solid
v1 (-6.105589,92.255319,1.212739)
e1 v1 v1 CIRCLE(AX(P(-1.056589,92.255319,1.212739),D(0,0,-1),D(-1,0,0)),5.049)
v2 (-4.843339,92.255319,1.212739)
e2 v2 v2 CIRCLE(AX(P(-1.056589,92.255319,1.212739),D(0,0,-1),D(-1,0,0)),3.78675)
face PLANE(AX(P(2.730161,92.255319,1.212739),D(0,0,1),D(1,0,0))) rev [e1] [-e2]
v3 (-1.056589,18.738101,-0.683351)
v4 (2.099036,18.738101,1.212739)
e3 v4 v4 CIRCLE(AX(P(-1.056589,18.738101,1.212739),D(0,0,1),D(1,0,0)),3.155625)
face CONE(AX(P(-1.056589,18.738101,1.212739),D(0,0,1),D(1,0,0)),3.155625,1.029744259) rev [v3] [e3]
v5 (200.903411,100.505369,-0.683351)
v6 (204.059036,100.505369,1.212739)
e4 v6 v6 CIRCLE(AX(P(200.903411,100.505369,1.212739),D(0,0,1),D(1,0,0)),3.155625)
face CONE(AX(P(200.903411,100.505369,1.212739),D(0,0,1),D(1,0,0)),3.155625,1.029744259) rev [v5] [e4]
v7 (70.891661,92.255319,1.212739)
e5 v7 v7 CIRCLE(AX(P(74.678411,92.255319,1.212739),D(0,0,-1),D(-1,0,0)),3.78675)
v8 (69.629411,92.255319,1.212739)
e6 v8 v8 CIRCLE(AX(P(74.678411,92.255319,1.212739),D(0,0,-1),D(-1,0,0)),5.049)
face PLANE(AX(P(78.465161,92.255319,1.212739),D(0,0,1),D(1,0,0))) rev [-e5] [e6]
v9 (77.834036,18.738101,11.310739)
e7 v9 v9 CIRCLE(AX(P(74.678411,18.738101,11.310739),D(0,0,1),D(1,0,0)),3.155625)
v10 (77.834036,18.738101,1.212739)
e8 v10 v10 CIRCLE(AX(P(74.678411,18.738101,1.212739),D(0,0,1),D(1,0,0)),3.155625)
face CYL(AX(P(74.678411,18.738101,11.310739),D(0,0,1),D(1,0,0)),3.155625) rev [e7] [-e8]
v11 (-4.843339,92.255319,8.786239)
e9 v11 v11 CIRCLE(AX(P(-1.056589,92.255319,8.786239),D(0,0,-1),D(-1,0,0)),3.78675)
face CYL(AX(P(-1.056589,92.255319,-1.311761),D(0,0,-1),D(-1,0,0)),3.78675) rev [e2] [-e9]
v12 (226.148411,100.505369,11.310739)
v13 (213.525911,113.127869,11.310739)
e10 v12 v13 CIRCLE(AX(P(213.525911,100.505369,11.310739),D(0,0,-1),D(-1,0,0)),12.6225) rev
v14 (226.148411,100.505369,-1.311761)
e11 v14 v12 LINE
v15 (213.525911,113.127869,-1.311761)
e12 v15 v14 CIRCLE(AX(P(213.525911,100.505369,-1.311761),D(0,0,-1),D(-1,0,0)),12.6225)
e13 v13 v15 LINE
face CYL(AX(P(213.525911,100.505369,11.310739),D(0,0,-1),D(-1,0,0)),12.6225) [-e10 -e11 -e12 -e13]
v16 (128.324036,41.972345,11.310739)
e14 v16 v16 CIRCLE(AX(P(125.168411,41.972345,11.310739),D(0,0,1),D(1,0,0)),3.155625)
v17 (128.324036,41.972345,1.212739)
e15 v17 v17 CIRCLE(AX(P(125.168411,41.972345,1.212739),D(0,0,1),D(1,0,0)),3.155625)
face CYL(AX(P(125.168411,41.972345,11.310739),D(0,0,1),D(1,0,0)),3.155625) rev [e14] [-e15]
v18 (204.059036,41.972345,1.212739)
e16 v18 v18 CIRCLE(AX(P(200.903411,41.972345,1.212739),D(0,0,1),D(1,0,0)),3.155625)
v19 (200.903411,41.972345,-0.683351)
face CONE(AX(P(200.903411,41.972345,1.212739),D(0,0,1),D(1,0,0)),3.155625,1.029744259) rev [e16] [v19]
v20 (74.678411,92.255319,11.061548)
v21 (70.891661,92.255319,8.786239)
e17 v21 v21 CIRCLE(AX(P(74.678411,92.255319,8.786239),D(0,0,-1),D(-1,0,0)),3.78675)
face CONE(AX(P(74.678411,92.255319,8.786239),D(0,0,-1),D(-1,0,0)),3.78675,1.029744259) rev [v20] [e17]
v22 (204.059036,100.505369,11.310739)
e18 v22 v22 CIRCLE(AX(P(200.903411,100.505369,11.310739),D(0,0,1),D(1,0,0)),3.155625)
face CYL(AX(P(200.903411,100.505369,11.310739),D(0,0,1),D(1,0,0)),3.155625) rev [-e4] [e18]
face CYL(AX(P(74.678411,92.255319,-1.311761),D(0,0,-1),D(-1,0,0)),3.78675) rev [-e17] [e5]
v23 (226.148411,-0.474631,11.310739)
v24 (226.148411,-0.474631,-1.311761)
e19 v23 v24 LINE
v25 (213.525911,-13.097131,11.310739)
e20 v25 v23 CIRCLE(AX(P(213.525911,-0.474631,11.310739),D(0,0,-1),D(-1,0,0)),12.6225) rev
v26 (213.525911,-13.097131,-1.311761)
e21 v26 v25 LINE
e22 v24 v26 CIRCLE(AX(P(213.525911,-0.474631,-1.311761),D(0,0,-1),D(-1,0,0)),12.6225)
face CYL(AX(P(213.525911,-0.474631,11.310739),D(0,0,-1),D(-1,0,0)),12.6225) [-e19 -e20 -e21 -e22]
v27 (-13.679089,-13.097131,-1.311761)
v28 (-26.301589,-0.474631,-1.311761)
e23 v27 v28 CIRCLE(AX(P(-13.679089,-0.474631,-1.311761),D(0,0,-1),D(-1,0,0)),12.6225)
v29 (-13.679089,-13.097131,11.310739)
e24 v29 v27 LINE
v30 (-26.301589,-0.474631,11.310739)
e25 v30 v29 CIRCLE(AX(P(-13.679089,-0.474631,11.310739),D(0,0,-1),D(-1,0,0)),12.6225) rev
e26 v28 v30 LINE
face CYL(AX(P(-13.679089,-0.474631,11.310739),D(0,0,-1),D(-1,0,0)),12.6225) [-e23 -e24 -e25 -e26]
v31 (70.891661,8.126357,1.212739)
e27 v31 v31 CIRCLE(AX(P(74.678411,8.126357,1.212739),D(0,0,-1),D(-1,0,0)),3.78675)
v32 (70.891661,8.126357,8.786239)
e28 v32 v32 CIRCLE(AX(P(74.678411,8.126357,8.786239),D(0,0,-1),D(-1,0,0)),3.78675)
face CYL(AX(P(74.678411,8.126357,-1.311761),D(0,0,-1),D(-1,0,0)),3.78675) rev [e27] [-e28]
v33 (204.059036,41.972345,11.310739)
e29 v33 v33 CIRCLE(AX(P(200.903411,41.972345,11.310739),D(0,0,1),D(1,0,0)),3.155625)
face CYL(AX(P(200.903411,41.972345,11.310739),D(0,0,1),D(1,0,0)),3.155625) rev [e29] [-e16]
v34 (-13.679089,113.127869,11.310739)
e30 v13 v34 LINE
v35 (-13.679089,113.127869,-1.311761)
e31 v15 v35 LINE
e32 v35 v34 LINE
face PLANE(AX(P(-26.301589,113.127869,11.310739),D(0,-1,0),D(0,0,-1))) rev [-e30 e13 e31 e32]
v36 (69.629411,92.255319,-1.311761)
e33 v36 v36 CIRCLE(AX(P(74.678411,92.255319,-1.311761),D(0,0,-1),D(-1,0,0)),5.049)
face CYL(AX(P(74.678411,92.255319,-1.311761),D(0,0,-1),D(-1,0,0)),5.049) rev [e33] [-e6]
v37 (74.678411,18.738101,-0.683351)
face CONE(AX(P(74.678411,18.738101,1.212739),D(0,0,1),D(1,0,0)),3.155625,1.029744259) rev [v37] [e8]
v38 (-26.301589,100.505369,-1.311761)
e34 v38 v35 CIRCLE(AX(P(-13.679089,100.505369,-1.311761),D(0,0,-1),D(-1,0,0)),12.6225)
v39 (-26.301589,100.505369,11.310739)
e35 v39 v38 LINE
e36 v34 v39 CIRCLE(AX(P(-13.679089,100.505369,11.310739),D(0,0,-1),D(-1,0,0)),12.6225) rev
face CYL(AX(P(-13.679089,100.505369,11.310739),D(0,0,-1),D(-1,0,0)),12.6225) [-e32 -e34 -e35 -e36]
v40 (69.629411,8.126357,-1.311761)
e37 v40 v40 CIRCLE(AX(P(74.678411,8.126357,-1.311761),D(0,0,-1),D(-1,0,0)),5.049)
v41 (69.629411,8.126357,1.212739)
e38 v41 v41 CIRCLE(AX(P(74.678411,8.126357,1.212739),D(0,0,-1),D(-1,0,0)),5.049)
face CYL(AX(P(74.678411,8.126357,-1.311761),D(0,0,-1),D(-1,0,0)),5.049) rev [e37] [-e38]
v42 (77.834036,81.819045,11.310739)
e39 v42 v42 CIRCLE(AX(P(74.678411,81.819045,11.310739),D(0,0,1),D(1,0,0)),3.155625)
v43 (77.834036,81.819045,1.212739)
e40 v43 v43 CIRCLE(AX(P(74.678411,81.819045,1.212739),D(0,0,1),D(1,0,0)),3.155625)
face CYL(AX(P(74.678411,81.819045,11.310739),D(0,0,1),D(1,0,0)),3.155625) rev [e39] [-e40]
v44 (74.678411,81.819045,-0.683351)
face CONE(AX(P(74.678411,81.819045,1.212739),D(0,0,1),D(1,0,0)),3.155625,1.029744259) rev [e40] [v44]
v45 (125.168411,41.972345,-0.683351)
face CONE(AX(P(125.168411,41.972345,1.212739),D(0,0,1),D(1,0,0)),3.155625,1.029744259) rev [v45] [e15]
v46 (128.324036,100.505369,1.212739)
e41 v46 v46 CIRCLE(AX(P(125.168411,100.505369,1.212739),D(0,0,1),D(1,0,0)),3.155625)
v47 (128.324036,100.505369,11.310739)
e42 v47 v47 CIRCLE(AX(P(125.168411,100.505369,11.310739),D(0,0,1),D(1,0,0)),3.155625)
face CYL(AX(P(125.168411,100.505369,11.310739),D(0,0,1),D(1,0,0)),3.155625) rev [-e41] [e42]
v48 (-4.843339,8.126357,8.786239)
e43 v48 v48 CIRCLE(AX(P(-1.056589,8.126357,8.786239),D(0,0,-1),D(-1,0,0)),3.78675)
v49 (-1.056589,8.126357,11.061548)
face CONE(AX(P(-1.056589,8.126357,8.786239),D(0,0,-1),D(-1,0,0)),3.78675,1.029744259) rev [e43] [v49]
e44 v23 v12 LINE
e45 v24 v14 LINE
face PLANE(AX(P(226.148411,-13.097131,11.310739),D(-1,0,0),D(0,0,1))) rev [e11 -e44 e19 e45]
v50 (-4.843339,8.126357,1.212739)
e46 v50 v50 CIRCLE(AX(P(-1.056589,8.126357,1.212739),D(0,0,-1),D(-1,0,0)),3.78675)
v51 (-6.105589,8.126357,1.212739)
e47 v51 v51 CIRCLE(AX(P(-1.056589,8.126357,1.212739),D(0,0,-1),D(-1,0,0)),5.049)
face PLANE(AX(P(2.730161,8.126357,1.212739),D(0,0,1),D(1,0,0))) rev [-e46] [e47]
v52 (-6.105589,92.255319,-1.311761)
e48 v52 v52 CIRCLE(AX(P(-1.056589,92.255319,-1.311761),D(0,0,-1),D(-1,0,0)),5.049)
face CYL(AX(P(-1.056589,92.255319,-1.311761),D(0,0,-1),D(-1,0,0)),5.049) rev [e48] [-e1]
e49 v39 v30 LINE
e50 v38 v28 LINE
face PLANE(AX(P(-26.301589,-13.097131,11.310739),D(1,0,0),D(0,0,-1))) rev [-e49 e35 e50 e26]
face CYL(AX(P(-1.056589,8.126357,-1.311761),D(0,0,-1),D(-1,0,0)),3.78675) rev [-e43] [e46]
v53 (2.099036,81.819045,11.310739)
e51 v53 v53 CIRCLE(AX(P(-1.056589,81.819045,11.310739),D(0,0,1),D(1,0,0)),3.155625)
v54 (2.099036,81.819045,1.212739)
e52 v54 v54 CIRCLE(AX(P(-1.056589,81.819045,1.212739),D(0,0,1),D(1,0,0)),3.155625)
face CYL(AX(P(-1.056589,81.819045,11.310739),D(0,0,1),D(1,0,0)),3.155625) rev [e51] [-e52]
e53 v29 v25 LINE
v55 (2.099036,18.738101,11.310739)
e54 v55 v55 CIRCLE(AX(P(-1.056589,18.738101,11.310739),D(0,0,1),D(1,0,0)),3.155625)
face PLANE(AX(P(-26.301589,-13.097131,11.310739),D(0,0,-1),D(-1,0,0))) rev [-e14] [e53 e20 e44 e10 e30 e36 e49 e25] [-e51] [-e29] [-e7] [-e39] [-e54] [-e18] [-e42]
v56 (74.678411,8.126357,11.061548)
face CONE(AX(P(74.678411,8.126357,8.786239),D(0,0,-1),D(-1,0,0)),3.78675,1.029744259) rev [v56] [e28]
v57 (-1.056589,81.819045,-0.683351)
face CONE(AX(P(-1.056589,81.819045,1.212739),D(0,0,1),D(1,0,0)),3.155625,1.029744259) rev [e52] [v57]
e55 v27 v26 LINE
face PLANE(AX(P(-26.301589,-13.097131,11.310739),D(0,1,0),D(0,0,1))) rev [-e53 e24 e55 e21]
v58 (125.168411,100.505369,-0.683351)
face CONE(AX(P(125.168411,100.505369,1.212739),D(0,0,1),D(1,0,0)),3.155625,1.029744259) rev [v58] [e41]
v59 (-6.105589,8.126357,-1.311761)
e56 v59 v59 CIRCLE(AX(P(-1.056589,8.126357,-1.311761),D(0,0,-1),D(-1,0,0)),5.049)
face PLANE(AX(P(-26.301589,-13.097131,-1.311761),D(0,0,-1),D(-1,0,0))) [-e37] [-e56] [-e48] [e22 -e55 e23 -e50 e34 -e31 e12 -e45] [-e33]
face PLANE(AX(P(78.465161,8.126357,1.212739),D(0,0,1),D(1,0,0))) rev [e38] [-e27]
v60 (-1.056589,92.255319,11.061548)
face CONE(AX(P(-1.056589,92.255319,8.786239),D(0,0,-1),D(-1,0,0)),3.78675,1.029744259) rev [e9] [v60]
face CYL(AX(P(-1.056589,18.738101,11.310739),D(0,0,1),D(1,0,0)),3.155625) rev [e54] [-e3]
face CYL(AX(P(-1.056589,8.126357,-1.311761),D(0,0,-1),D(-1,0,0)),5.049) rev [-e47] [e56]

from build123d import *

# Parameters (mm, degrees)
SKETCH4_W                                     = 200
SKETCH4_H                                     = 100
BOSS_EXTRUDE1_DEPTH                           = 10
CBORE_FOR_M6_HEX_HEAD_CAP_SCREW7_D            = 6
CBORE_FOR_M6_HEX_HEAD_CAP_SCREW7_DEPTH        = 8
CBORE_FOR_M6_HEX_HEAD_CAP_SCREW7_CBORE_D      = 8
CBORE_FOR_M6_HEX_HEAD_CAP_SCREW7_CBORE_DEPTH  = 2
CBORE_FOR_M6_HEX_HEAD_CAP_SCREW7_TIP          = 1.802581857
CBORE_FOR_M6_HEX_HEAD_CAP_SCREW8_D            = 6
CBORE_FOR_M6_HEX_HEAD_CAP_SCREW8_DEPTH        = 8
CBORE_FOR_M6_HEX_HEAD_CAP_SCREW8_CBORE_D      = 8
CBORE_FOR_M6_HEX_HEAD_CAP_SCREW8_CBORE_DEPTH  = 2
CBORE_FOR_M6_HEX_HEAD_CAP_SCREW8_TIP          = 1.802581857
CBORE_FOR_M6_HEX_HEAD_CAP_SCREW9_D            = 6
CBORE_FOR_M6_HEX_HEAD_CAP_SCREW9_DEPTH        = 8
CBORE_FOR_M6_HEX_HEAD_CAP_SCREW9_CBORE_D      = 8
CBORE_FOR_M6_HEX_HEAD_CAP_SCREW9_CBORE_DEPTH  = 2
CBORE_FOR_M6_HEX_HEAD_CAP_SCREW9_TIP          = 1.802581857
CBORE_FOR_M6_HEX_HEAD_CAP_SCREW10_D           = 6
CBORE_FOR_M6_HEX_HEAD_CAP_SCREW10_DEPTH       = 8
CBORE_FOR_M6_HEX_HEAD_CAP_SCREW10_CBORE_D     = 8
CBORE_FOR_M6_HEX_HEAD_CAP_SCREW10_CBORE_DEPTH = 2
CBORE_FOR_M6_HEX_HEAD_CAP_SCREW10_TIP         = 1.802581857
F_1_0_1_DIAMETER_HOLE7_D                      = 5
F_1_0_1_DIAMETER_HOLE7_DEPTH                  = 8
F_1_0_1_DIAMETER_HOLE7_TIP                    = 1.502151548
F_1_0_1_DIAMETER_HOLE8_D                      = 5
F_1_0_1_DIAMETER_HOLE8_DEPTH                  = 8
F_1_0_1_DIAMETER_HOLE8_TIP                    = 1.502151548
F_1_0_1_DIAMETER_HOLE9_D                      = 5
F_1_0_1_DIAMETER_HOLE9_DEPTH                  = 8
F_1_0_1_DIAMETER_HOLE9_TIP                    = 1.502151548
F_1_0_1_DIAMETER_HOLE10_D                     = 5
F_1_0_1_DIAMETER_HOLE10_DEPTH                 = 8
F_1_0_1_DIAMETER_HOLE10_TIP                   = 1.502151548
F_5_0_5_DIAMETER_HOLE1_D                      = 5
F_5_0_5_DIAMETER_HOLE1_DEPTH                  = 8
F_5_0_5_DIAMETER_HOLE1_TIP                    = 1.502151548
F_5_0_5_DIAMETER_HOLE2_D                      = 5
F_5_0_5_DIAMETER_HOLE2_DEPTH                  = 8
F_5_0_5_DIAMETER_HOLE2_TIP                    = 1.502151548
F_5_0_5_DIAMETER_HOLE3_D                      = 5
F_5_0_5_DIAMETER_HOLE3_DEPTH                  = 8
F_5_0_5_DIAMETER_HOLE3_TIP                    = 1.502151548
F_5_0_5_DIAMETER_HOLE5_D                      = 5
F_5_0_5_DIAMETER_HOLE5_DEPTH                  = 8
F_5_0_5_DIAMETER_HOLE5_TIP                    = 1.502151548
FILLET1_R                                     = 10
FILLET2_R                                     = 10
FILLET3_R                                     = 10
FILLET4_R                                     = 10
SCALE2_SCALE                                  = 1.5
SCALE6_SCALE                                  = 0.935
SCALE7_SCALE                                  = 0.9


with BuildPart() as part:
    # Sketch4 → Boss-Extrude1 (new body)
    with BuildSketch(Plane.XY):
        with Locations((100, 50)):
            Rectangle(SKETCH4_W, SKETCH4_H)
    extrude(amount=BOSS_EXTRUDE1_DEPTH)

    # CBORE for M6 Hex Head Cap Screw7
    with Locations(Plane(origin=(0, 0, 0), x_dir=(-1, 0, 0), z_dir=(0, 0, -1))):
        with Locations((-80, 83.464013217)):
            CounterBoreHole(CBORE_FOR_M6_HEX_HEAD_CAP_SCREW7_D / 2, CBORE_FOR_M6_HEX_HEAD_CAP_SCREW7_CBORE_D / 2, CBORE_FOR_M6_HEX_HEAD_CAP_SCREW7_CBORE_DEPTH, depth=CBORE_FOR_M6_HEX_HEAD_CAP_SCREW7_DEPTH)
            with Locations((0, 0, -(CBORE_FOR_M6_HEX_HEAD_CAP_SCREW7_DEPTH + CBORE_FOR_M6_HEX_HEAD_CAP_SCREW7_TIP / 2))):  # 118° drill point
                Cone(0, CBORE_FOR_M6_HEX_HEAD_CAP_SCREW7_D / 2, CBORE_FOR_M6_HEX_HEAD_CAP_SCREW7_TIP, mode=Mode.SUBTRACT)

    # CBORE for M6 Hex Head Cap Screw8
    with Locations(Plane(origin=(0, 0, 0), x_dir=(-1, 0, 0), z_dir=(0, 0, -1))):
        with Locations((-20, 83.464013217)):
            CounterBoreHole(CBORE_FOR_M6_HEX_HEAD_CAP_SCREW8_D / 2, CBORE_FOR_M6_HEX_HEAD_CAP_SCREW8_CBORE_D / 2, CBORE_FOR_M6_HEX_HEAD_CAP_SCREW8_CBORE_DEPTH, depth=CBORE_FOR_M6_HEX_HEAD_CAP_SCREW8_DEPTH)
            with Locations((0, 0, -(CBORE_FOR_M6_HEX_HEAD_CAP_SCREW8_DEPTH + CBORE_FOR_M6_HEX_HEAD_CAP_SCREW8_TIP / 2))):  # 118° drill point
                Cone(0, CBORE_FOR_M6_HEX_HEAD_CAP_SCREW8_D / 2, CBORE_FOR_M6_HEX_HEAD_CAP_SCREW8_TIP, mode=Mode.SUBTRACT)

    # CBORE for M6 Hex Head Cap Screw9
    with Locations(Plane(origin=(0, 0, 0), x_dir=(-1, 0, 0), z_dir=(0, 0, -1))):
        with Locations((-20, 16.814013217)):
            CounterBoreHole(CBORE_FOR_M6_HEX_HEAD_CAP_SCREW9_D / 2, CBORE_FOR_M6_HEX_HEAD_CAP_SCREW9_CBORE_D / 2, CBORE_FOR_M6_HEX_HEAD_CAP_SCREW9_CBORE_DEPTH, depth=CBORE_FOR_M6_HEX_HEAD_CAP_SCREW9_DEPTH)
            with Locations((0, 0, -(CBORE_FOR_M6_HEX_HEAD_CAP_SCREW9_DEPTH + CBORE_FOR_M6_HEX_HEAD_CAP_SCREW9_TIP / 2))):  # 118° drill point
                Cone(0, CBORE_FOR_M6_HEX_HEAD_CAP_SCREW9_D / 2, CBORE_FOR_M6_HEX_HEAD_CAP_SCREW9_TIP, mode=Mode.SUBTRACT)

    # CBORE for M6 Hex Head Cap Screw10
    with Locations(Plane(origin=(0, 0, 0), x_dir=(-1, 0, 0), z_dir=(0, 0, -1))):
        with Locations((-80, 16.814013217)):
            CounterBoreHole(CBORE_FOR_M6_HEX_HEAD_CAP_SCREW10_D / 2, CBORE_FOR_M6_HEX_HEAD_CAP_SCREW10_CBORE_D / 2, CBORE_FOR_M6_HEX_HEAD_CAP_SCREW10_CBORE_DEPTH, depth=CBORE_FOR_M6_HEX_HEAD_CAP_SCREW10_DEPTH)
            with Locations((0, 0, -(CBORE_FOR_M6_HEX_HEAD_CAP_SCREW10_DEPTH + CBORE_FOR_M6_HEX_HEAD_CAP_SCREW10_TIP / 2))):  # 118° drill point
                Cone(0, CBORE_FOR_M6_HEX_HEAD_CAP_SCREW10_D / 2, CBORE_FOR_M6_HEX_HEAD_CAP_SCREW10_TIP, mode=Mode.SUBTRACT)

    # Ø1.0 (1) Diameter Hole7
    with Locations(Plane.XY.offset(10)):
        with Locations((20, 75.196019825)):
            Hole(F_1_0_1_DIAMETER_HOLE7_D / 2, depth=F_1_0_1_DIAMETER_HOLE7_DEPTH)
            with Locations((0, 0, -(F_1_0_1_DIAMETER_HOLE7_DEPTH + F_1_0_1_DIAMETER_HOLE7_TIP / 2))):  # 118° drill point
                Cone(0, F_1_0_1_DIAMETER_HOLE7_D / 2, F_1_0_1_DIAMETER_HOLE7_TIP, mode=Mode.SUBTRACT)

    # Ø1.0 (1) Diameter Hole8
    with Locations(Plane.XY.offset(10)):
        with Locations((80, 75.196019825)):
            Hole(F_1_0_1_DIAMETER_HOLE8_D / 2, depth=F_1_0_1_DIAMETER_HOLE8_DEPTH)
            with Locations((0, 0, -(F_1_0_1_DIAMETER_HOLE8_DEPTH + F_1_0_1_DIAMETER_HOLE8_TIP / 2))):  # 118° drill point
                Cone(0, F_1_0_1_DIAMETER_HOLE8_D / 2, F_1_0_1_DIAMETER_HOLE8_TIP, mode=Mode.SUBTRACT)

    # Ø1.0 (1) Diameter Hole9
    with Locations(Plane.XY.offset(10)):
        with Locations((20, 25.221019825)):
            Hole(F_1_0_1_DIAMETER_HOLE9_D / 2, depth=F_1_0_1_DIAMETER_HOLE9_DEPTH)
            with Locations((0, 0, -(F_1_0_1_DIAMETER_HOLE9_DEPTH + F_1_0_1_DIAMETER_HOLE9_TIP / 2))):  # 118° drill point
                Cone(0, F_1_0_1_DIAMETER_HOLE9_D / 2, F_1_0_1_DIAMETER_HOLE9_TIP, mode=Mode.SUBTRACT)

    # Ø1.0 (1) Diameter Hole10
    with Locations(Plane.XY.offset(10)):
        with Locations((80, 25.221019825)):
            Hole(F_1_0_1_DIAMETER_HOLE10_D / 2, depth=F_1_0_1_DIAMETER_HOLE10_DEPTH)
            with Locations((0, 0, -(F_1_0_1_DIAMETER_HOLE10_DEPTH + F_1_0_1_DIAMETER_HOLE10_TIP / 2))):  # 118° drill point
                Cone(0, F_1_0_1_DIAMETER_HOLE10_D / 2, F_1_0_1_DIAMETER_HOLE10_TIP, mode=Mode.SUBTRACT)

    # Ø5.0 (5) Diameter Hole1
    with Locations(Plane.XY.offset(10)):
        with Locations((120, 90)):
            Hole(F_5_0_5_DIAMETER_HOLE1_D / 2, depth=F_5_0_5_DIAMETER_HOLE1_DEPTH)
            with Locations((0, 0, -(F_5_0_5_DIAMETER_HOLE1_DEPTH + F_5_0_5_DIAMETER_HOLE1_TIP / 2))):  # 118° drill point
                Cone(0, F_5_0_5_DIAMETER_HOLE1_D / 2, F_5_0_5_DIAMETER_HOLE1_TIP, mode=Mode.SUBTRACT)

    # Ø5.0 (5) Diameter Hole2
    with Locations(Plane.XY.offset(10)):
        with Locations((180, 90)):
            Hole(F_5_0_5_DIAMETER_HOLE2_D / 2, depth=F_5_0_5_DIAMETER_HOLE2_DEPTH)
            with Locations((0, 0, -(F_5_0_5_DIAMETER_HOLE2_DEPTH + F_5_0_5_DIAMETER_HOLE2_TIP / 2))):  # 118° drill point
                Cone(0, F_5_0_5_DIAMETER_HOLE2_D / 2, F_5_0_5_DIAMETER_HOLE2_TIP, mode=Mode.SUBTRACT)

    # Ø5.0 (5) Diameter Hole3
    with Locations(Plane.XY.offset(10)):
        with Locations((120, 43.628026433)):
            Hole(F_5_0_5_DIAMETER_HOLE3_D / 2, depth=F_5_0_5_DIAMETER_HOLE3_DEPTH)
            with Locations((0, 0, -(F_5_0_5_DIAMETER_HOLE3_DEPTH + F_5_0_5_DIAMETER_HOLE3_TIP / 2))):  # 118° drill point
                Cone(0, F_5_0_5_DIAMETER_HOLE3_D / 2, F_5_0_5_DIAMETER_HOLE3_TIP, mode=Mode.SUBTRACT)

    # Ø5.0 (5) Diameter Hole5
    with Locations(Plane.XY.offset(10)):
        with Locations((180, 43.628026433)):
            Hole(F_5_0_5_DIAMETER_HOLE5_D / 2, depth=F_5_0_5_DIAMETER_HOLE5_DEPTH)
            with Locations((0, 0, -(F_5_0_5_DIAMETER_HOLE5_DEPTH + F_5_0_5_DIAMETER_HOLE5_TIP / 2))):  # 118° drill point
                Cone(0, F_5_0_5_DIAMETER_HOLE5_D / 2, F_5_0_5_DIAMETER_HOLE5_TIP, mode=Mode.SUBTRACT)

    # Fillet1
    fillet1_edges = [part.edges().sort_by_distance(p)[0] for p in [
        (0, 100, 5),
    ]]
    fillet(fillet1_edges, radius=FILLET1_R)

    # Fillet2
    fillet2_edges = [part.edges().sort_by_distance(p)[0] for p in [
        (0, 0, 5),
    ]]
    fillet(fillet2_edges, radius=FILLET2_R)

    # Fillet3
    fillet3_edges = [part.edges().sort_by_distance(p)[0] for p in [
        (200, 0, 5),
    ]]
    fillet(fillet3_edges, radius=FILLET3_R)

    # Fillet4
    fillet4_edges = [part.edges().sort_by_distance(p)[0] for p in [
        (200, 100, 5),
    ]]
    fillet(fillet4_edges, radius=FILLET4_R)


with BuildPart() as part_1:
    # Scale2: scaled about (100.292046526, 49.941397219, 5.001946843)
    add(part.part.scale(SCALE2_SCALE).moved(Location((-50.146023263, -24.97069861, -2.500973421))))


with BuildPart() as part_2:
    # Scale6: scaled about (100.292046526, 49.941397219, 5.001946844)
    add(part_1.part.scale(SCALE6_SCALE).moved(Location((6.518983024, 3.246190819, 0.325126545))))


with BuildPart() as part_3:
    # Scale7: scaled about (100.292046526, 49.941397219, 5.001946844)
    add(part_2.part.scale(SCALE7_SCALE).moved(Location((10.029204653, 4.994139722, 0.500194684))))


solid = part_3.part
